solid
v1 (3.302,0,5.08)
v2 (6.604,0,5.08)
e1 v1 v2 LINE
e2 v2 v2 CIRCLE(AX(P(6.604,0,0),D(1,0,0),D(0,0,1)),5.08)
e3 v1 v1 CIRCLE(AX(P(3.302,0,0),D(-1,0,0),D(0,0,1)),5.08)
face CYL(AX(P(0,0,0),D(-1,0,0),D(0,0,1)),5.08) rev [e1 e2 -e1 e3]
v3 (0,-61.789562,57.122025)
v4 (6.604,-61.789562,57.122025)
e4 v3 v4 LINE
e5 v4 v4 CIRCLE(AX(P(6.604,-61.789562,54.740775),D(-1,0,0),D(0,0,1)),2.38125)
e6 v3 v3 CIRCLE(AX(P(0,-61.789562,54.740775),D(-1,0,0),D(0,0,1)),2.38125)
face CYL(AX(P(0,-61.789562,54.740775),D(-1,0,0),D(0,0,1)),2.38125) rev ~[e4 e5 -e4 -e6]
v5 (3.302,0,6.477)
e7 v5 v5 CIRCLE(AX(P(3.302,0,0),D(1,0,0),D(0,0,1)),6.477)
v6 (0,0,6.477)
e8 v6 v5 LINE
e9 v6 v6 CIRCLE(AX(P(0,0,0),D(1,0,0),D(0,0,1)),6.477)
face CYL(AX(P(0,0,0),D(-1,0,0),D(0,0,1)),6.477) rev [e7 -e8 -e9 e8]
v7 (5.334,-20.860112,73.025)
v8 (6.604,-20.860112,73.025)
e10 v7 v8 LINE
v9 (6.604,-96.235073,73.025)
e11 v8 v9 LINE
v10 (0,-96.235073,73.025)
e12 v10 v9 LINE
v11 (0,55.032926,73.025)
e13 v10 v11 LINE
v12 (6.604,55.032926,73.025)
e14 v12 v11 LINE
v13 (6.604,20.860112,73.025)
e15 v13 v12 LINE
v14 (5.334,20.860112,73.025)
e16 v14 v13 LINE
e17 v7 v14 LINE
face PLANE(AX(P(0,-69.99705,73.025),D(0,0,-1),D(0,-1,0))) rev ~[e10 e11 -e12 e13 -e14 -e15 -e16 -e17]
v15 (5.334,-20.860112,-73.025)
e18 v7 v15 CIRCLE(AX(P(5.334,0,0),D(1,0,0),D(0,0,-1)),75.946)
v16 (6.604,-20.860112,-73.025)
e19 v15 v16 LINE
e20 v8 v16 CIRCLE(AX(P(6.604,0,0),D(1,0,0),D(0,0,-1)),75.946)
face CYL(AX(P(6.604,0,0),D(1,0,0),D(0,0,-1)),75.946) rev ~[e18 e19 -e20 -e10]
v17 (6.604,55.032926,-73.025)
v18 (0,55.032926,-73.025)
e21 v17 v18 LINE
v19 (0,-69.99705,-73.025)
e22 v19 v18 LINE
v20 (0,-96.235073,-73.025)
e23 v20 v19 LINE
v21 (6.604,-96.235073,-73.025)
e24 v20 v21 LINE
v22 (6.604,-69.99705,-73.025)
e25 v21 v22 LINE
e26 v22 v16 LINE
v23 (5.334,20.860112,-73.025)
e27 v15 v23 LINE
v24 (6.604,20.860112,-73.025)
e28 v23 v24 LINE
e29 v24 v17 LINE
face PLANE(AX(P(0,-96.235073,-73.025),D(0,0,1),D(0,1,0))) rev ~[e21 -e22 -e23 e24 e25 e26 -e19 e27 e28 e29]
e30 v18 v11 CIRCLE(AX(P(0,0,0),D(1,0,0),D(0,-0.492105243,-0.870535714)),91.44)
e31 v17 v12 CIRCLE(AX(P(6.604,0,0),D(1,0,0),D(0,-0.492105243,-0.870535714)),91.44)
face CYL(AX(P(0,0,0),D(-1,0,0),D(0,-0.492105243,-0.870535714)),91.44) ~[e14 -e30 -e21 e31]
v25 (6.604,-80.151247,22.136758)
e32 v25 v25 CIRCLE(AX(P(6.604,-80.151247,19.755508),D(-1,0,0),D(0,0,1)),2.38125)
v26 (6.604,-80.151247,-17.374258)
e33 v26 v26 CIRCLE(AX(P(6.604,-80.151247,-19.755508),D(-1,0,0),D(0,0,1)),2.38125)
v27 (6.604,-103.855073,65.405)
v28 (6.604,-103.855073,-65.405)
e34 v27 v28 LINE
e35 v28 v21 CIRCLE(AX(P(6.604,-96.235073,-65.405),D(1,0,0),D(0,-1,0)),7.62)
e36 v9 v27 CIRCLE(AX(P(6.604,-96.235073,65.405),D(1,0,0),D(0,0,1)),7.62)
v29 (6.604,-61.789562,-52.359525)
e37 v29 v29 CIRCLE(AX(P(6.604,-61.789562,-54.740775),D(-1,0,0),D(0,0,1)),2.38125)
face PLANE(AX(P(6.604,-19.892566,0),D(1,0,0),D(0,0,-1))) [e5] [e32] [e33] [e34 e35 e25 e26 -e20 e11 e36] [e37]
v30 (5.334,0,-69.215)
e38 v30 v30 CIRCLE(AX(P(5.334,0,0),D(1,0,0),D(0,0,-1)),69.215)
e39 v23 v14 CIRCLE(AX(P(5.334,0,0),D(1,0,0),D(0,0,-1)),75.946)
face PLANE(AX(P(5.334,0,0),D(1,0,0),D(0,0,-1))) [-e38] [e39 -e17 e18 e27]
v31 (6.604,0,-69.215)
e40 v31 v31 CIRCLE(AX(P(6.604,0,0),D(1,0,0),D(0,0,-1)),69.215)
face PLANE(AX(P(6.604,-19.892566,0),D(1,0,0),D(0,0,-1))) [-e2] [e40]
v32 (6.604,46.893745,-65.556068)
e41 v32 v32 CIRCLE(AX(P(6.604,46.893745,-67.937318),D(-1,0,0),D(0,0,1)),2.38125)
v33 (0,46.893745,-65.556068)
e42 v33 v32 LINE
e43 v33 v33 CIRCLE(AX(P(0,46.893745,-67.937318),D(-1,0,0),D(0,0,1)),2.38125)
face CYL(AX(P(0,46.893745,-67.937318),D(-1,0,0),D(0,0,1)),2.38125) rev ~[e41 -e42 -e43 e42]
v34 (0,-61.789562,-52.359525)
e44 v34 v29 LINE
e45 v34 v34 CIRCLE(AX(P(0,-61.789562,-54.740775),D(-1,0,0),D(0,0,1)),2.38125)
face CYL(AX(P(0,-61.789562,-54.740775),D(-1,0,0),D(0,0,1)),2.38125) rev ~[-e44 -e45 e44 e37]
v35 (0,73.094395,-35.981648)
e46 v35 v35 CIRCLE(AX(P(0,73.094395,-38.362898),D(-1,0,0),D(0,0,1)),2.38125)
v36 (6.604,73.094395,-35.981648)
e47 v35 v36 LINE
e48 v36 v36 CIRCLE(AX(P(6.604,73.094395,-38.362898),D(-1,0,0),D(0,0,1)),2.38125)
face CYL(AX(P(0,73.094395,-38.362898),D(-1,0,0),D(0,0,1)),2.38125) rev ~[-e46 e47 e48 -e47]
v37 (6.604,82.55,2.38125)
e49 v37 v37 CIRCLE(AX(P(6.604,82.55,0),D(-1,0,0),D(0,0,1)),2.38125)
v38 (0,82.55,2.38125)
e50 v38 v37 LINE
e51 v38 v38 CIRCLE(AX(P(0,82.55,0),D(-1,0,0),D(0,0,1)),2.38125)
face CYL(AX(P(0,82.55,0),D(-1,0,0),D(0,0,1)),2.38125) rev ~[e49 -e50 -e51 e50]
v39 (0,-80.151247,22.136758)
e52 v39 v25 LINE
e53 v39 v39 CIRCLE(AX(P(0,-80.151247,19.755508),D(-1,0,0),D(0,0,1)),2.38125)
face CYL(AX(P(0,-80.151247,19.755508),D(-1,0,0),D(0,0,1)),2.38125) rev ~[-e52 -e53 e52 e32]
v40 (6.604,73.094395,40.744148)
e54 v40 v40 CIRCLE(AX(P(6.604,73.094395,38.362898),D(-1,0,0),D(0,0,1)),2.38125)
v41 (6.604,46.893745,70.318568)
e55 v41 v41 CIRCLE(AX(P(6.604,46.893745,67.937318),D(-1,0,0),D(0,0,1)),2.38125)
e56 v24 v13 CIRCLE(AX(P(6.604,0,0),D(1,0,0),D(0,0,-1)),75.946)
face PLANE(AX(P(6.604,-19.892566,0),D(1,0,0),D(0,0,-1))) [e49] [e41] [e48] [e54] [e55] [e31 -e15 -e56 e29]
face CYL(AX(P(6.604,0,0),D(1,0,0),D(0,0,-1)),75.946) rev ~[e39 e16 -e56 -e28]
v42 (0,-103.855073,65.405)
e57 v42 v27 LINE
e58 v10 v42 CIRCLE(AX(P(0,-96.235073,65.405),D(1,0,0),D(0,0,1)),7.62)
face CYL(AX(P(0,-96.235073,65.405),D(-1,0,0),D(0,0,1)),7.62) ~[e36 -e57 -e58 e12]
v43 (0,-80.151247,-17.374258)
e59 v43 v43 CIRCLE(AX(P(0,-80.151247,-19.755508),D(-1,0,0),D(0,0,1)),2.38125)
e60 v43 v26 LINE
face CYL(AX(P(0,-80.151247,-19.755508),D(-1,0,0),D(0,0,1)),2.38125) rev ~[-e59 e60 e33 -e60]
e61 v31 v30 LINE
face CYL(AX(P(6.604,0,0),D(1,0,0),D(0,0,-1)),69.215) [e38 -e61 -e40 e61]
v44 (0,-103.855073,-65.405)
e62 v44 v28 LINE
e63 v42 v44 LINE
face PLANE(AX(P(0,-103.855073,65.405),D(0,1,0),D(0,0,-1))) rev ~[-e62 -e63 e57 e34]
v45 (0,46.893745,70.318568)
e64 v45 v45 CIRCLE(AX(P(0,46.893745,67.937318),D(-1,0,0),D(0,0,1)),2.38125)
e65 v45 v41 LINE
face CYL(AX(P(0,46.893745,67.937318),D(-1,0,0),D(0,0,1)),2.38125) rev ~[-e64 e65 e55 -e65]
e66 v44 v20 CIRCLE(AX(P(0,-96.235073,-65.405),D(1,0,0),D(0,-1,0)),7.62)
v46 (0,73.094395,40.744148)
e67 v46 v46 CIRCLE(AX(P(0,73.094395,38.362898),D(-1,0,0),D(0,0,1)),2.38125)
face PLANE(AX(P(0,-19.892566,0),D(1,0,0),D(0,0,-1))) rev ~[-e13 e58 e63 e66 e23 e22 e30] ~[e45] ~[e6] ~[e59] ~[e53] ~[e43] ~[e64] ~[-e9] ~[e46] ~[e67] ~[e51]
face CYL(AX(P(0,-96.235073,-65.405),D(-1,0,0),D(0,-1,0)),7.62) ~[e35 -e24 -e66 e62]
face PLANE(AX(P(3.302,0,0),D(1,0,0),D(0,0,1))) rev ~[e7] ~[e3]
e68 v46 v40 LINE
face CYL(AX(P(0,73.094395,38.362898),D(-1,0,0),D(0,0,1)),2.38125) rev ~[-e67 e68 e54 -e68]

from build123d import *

# Parameters (mm, degrees)
SKETCH1_R           = 5.08
BOSS_EXTRUDE1_DEPTH = 6.604
SKETCH2_R           = 6.477
CUT_EXTRUDE1_DEPTH  = 3.302
SKETCH3_R           = 75.946
SKETCH3_R_2         = 69.215
CUT_EXTRUDE2_DEPTH  = 1.27
SKETCH4_R           = 2.38125
CUT_EXTRUDE3_DEPTH  = 139.530727768
SKETCH6_W           = 37.512644612
SKETCH6_H           = 125.02997604
SKETCH6_W_2         = 29.936636925
CUT_EXTRUDE6_DEPTH  = 139.530727768


with BuildPart() as part:
    # Sketch1 → Boss-Extrude1 (new body)
    with BuildSketch(Plane(origin=(0, 0, 0), x_dir=(0, 0, -1), z_dir=(1, 0, 0))):
        with BuildLine():
            Line((-65.405, -103.855072673), (65.405, -103.855072673))
            ThreePointArc((65.405, -103.855072673), (70.793153673, -101.623226346), (73.025, -96.235072673))
            Line((73.025, -96.235072673), (73.025, -69.997049759))
            ThreePointArc((73.025, -69.997049759), (74.696702219, -57.072253546), (79.601785714, -44.998103417))
            ThreePointArc((79.601785714, -44.998103417), (0, 91.44), (-79.601785714, -44.998103417))
            ThreePointArc((-79.601785714, -44.998103417), (-74.696702219, -57.072253546), (-73.025, -69.997049759))
            Line((-73.025, -69.997049759), (-73.025, -96.235072673))
            ThreePointArc((-73.025, -96.235072673), (-70.793153673, -101.623226346), (-65.405, -103.855072673))
        make_face()
        with Locations(Location((0, 0, 0), (0, 0, 180))):
            Circle(SKETCH1_R, mode=Mode.SUBTRACT)
    extrude(amount=BOSS_EXTRUDE1_DEPTH)

    # Sketch2 → Cut-Extrude1 (cut)
    with BuildSketch(Plane(origin=(0, 0, 0), x_dir=(0, 0, -1), z_dir=(1, 0, 0))):
        with Locations(Location((0, 0, 0), (0, 0, 180))):
            Circle(SKETCH2_R)
    extrude(amount=CUT_EXTRUDE1_DEPTH, mode=Mode.SUBTRACT)

    # Sketch3 → Cut-Extrude2 (cut)
    with BuildSketch(Plane(origin=(6.604, 0, 0), x_dir=(0, 0, -1), z_dir=(1, 0, 0))):
        Circle(SKETCH3_R)
        Circle(SKETCH3_R_2, mode=Mode.SUBTRACT)
    extrude(amount=-CUT_EXTRUDE2_DEPTH, mode=Mode.SUBTRACT)

    # Sketch4 → Cut-Extrude3 (cut, through all)
    with BuildSketch(Plane.ZY):
        with Locations((-54.740775438, -61.789562262)):
            Circle(SKETCH4_R)
        with Locations((0, 82.55)):
            Circle(SKETCH4_R)
        with Locations((-77.185590834, -29.272633425)):
            Circle(SKETCH4_R)
        with Locations((38.362897852, 73.094394918)):
            Circle(SKETCH4_R)
        with Locations((67.93731813, 46.893744843)):
            Circle(SKETCH4_R)
        with Locations((81.948117557, 9.950302955)):
            Circle(SKETCH4_R)
        with Locations((77.185590834, -29.272633425)):
            Circle(SKETCH4_R)
        with Locations((54.740775438, -61.789562262)):
            Circle(SKETCH4_R)
        with Locations((19.755508087, -80.151247029)):
            Circle(SKETCH4_R)
        with Locations((-19.755508087, -80.151247029)):
            Circle(SKETCH4_R)
        with Locations((-81.948117557, 9.950302955)):
            Circle(SKETCH4_R)
        with Locations((-67.93731813, 46.893744843)):
            Circle(SKETCH4_R)
        with Locations((-38.362897852, 73.094394918)):
            Circle(SKETCH4_R)
    extrude(amount=-CUT_EXTRUDE3_DEPTH, mode=Mode.SUBTRACT)

    # Sketch6 → Cut-Extrude6 (cut, through all)
    with BuildSketch(Plane(origin=(6.604, 0, 0), x_dir=(0, 0, -1), z_dir=(1, 0, 0))):
        with Locations((-91.781322306, -7.482061739)):
            Rectangle(SKETCH6_W, SKETCH6_H)
        with Locations((87.993318463, -7.482061739)):
            Rectangle(SKETCH6_W_2, SKETCH6_H)
    extrude(amount=-CUT_EXTRUDE6_DEPTH, mode=Mode.SUBTRACT)


solid = part.part
